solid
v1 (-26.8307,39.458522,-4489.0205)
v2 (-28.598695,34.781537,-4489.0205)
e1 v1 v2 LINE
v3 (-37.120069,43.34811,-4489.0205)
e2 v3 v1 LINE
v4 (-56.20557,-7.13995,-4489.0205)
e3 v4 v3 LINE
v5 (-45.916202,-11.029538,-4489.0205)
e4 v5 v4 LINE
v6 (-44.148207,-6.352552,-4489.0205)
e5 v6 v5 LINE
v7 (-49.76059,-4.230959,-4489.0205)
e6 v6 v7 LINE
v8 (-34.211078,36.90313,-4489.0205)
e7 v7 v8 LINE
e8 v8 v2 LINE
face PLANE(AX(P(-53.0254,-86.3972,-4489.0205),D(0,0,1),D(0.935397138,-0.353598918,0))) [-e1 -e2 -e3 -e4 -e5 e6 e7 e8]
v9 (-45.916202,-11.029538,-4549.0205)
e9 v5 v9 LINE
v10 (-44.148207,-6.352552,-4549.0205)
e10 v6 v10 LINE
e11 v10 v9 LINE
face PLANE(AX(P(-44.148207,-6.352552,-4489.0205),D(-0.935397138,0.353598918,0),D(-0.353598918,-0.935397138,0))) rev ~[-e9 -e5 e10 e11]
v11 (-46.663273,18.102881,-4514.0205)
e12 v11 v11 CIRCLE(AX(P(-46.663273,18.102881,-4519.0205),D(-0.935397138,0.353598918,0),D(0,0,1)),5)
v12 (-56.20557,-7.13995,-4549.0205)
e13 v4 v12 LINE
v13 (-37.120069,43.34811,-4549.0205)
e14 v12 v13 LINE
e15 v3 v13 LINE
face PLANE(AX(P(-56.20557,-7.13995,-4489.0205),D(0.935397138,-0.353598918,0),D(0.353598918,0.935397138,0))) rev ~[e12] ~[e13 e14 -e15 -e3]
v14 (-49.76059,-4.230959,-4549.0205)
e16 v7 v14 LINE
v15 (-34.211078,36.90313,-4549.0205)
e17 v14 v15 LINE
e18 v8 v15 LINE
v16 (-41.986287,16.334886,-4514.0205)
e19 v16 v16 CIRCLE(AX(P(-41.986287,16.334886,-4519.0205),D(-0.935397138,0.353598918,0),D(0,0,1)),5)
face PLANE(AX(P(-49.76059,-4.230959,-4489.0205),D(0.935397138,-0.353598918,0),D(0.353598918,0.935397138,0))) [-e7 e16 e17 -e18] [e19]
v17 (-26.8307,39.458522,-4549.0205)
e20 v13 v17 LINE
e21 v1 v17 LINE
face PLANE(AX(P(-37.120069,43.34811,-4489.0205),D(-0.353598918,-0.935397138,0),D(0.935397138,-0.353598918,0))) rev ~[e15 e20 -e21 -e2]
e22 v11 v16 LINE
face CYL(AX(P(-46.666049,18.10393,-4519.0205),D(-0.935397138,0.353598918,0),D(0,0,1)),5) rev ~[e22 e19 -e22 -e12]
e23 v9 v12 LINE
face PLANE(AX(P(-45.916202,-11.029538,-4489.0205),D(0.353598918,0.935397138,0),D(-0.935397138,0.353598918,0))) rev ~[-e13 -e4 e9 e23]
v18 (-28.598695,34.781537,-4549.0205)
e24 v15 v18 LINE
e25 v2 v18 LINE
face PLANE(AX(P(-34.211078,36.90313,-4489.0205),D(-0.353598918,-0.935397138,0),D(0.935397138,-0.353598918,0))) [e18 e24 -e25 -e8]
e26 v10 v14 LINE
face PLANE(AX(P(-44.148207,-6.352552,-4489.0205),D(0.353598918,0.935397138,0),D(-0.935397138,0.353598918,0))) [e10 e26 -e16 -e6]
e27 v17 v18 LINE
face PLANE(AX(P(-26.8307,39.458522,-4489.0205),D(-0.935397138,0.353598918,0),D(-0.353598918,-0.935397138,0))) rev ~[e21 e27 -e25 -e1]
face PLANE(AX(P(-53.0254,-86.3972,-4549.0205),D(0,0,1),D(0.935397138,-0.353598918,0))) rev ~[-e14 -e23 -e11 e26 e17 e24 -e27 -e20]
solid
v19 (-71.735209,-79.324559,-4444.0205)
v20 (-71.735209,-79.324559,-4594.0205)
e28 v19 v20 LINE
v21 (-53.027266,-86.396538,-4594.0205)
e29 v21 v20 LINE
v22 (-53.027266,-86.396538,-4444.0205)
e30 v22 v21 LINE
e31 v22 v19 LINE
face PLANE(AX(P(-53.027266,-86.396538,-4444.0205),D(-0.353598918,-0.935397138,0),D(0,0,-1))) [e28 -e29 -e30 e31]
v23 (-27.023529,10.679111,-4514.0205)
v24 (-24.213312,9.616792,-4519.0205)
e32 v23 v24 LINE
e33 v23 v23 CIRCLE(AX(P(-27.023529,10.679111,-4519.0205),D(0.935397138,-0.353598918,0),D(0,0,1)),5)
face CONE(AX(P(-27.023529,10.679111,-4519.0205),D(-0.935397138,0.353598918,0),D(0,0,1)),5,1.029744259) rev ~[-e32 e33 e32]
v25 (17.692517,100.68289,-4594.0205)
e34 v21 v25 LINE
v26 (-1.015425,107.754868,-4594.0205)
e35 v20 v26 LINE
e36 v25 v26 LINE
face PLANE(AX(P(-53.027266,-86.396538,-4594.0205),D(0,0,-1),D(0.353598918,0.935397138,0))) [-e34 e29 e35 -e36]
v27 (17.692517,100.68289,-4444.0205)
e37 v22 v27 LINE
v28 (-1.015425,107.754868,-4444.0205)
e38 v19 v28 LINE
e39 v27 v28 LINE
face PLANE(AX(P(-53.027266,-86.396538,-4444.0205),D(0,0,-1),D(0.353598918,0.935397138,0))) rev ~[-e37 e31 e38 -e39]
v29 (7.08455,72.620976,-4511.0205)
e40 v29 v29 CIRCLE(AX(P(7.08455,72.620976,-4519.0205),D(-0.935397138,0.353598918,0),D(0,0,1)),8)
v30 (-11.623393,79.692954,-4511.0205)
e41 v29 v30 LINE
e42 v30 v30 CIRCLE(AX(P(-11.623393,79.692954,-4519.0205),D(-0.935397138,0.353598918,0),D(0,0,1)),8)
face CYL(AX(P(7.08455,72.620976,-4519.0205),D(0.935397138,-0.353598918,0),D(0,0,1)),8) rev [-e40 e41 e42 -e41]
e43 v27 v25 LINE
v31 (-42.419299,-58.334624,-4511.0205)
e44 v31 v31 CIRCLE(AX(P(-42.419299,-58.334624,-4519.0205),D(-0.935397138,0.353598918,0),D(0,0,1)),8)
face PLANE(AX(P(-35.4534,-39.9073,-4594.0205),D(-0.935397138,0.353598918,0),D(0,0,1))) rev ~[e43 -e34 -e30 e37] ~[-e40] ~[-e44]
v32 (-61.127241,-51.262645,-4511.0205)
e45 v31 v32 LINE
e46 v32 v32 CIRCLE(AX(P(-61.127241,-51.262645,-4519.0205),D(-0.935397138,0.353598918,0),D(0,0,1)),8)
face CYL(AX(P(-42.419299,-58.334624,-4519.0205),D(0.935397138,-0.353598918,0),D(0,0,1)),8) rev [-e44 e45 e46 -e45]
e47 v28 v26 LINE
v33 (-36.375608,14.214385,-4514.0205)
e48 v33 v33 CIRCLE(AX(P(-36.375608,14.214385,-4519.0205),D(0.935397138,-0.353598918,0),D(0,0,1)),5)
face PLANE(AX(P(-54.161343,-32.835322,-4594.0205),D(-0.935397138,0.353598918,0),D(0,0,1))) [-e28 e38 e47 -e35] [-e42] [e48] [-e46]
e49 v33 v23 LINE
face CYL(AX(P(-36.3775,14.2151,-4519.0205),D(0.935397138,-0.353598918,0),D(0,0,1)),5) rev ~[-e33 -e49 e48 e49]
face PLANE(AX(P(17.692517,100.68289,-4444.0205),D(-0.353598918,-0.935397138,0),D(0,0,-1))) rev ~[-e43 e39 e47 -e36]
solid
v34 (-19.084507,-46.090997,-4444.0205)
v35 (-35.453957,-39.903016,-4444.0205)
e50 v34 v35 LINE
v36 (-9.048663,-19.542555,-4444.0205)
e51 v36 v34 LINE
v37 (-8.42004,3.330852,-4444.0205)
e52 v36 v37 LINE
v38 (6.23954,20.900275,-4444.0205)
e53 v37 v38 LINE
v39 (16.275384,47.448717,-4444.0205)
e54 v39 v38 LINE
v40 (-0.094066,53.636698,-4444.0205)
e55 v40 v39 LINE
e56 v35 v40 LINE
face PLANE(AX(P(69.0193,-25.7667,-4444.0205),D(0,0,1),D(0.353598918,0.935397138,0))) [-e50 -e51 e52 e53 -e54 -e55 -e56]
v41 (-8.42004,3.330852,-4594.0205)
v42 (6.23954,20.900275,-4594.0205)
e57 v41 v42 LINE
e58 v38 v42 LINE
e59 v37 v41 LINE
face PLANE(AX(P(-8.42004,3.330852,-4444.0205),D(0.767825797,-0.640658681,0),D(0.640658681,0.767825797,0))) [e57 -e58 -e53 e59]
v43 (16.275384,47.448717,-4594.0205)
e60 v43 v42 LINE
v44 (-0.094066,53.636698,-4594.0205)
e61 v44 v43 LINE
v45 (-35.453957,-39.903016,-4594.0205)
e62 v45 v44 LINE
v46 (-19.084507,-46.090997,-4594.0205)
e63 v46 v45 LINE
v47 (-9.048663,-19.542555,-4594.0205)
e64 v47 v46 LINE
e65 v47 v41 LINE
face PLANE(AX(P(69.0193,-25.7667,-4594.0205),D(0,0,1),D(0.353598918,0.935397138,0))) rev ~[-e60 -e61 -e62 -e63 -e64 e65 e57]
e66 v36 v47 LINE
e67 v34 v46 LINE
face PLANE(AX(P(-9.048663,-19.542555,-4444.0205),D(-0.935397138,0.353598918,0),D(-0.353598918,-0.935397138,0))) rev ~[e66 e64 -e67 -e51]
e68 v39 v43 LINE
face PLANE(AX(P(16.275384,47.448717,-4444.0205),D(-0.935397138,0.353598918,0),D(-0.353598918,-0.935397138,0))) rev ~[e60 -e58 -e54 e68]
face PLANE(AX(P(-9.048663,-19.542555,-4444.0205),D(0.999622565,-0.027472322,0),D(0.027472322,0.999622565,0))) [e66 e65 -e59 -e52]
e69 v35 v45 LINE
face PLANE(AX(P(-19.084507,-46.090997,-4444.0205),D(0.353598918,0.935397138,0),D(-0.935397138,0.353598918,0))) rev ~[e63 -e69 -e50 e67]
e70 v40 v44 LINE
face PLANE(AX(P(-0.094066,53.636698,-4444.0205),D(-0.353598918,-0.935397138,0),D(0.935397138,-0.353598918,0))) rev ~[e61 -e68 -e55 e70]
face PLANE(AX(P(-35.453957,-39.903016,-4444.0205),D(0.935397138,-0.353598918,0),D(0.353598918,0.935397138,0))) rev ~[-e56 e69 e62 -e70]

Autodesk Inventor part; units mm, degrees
ref_plane "Work Plane1" through (69.0193, -25.7667, -4444.0205) normal (0, 0, 1) x (0.3536, 0.9354, 0)
sketch "Sketch1" plane through (69.0193, -25.7667, -4444.0205) normal (0, 0, 1) x (0.3536, 0.9354, 0)
  line L0 (-21.7827, 75.2254) -> (-50.1647, 75.2254)
  line L1 (-50.1647, 75.2254) -> (-50.1647, 92.7254)
  line L2 (-50.1647, 92.7254) -> (49.8353, 92.7254)
  line L3 (49.8353, 92.7254) -> (49.8353, 75.2254)
  line L4 (49.8353, 75.2254) -> (21.4533, 75.2254)
  line L5 (-21.7827, 75.2254) -> (-0.1647, 82.7254)
  line L6 (-0.1647, 82.7254) -> (21.4533, 75.2254)
  point P0 (-0.3, 73.6715)
  dimension "d2" = 17.5
  dimension "d3" = 100
  dimension "d35" = 28.382
  dimension "d38" = 50
  dimension "d39" = 7.5
ref_plane "Work Plane2" through (69.0193, -25.7667, -4594.0205) normal (0, 0, -1) x (-0.3536, -0.9354, 0)
extrude "Extrusion1" add sketch "Sketch1" against normal up to surface (150 mm away)
ref_plane "Work Plane3" through (-35.4534, -39.9073, -4594.0205) normal (-0.9354, 0.3536, 0) x (0, 0, 1)
sketch "Sketch2" plane through (-35.4534, -39.9073, -4594.0205) normal (-0.9354, 0.3536, 0) x (0, 0, 1)
  line L0 (150, -49.7) -> (0, -49.7) projected
  line L1 (150, 150.3) -> (0, 150.3) projected
  line L2 (0, -49.7) -> (0, 150.3)
  line L3 (150, -49.7) -> (150, 150.3)
  circle A0 centre (75, -19.7) radius 8 projected
  circle A1 centre (75, 120.3) radius 8 projected
  point P0 (4594.0205, 49.8647)
extrude "Extrusion2" add sketch "Sketch2" along normal blind 20 separate body
ref_plane "Work Plane5" through (-53.0254, -86.3972, -4489.0205) normal (0, 0, 1) x (0.9354, -0.3536, 0)
ref_plane "Work Plane6" through (-53.0254, -86.3972, -4549.0205) normal (0, 0, -1) x (-0.9354, 0.3536, 0)
sketch "Sketch3" plane through (-53.0254, -86.3972, -4489.0205) normal (0, 0, 1) x (0.9354, -0.3536, 0)
  line L0 (-20, 200) -> (-20, 0) projected
  line L1 (17.5, 49.7) -> (17.5, 78.082) projected
  line L2 (17.5, 121.318) -> (17.5, 149.7) projected
  line L3 (-20, 0) -> (-20, 200) projected
  line L4 (-20, 73.0125) -> (-31, 73.0125)
  line L5 (-31, 73.0125) -> (-31, 126.9875)
  line L6 (-31, 126.9875) -> (-20, 126.9875)
  line L7 (-20, 78.0125) -> (-26, 78.0125)
  line L8 (-26, 78.0125) -> (-26, 121.9875)
  line L9 (-26, 121.9875) -> (-20, 121.9875)
  line L10 (-20, 73.0125) -> (-20, 78.0125)
  line L11 (-20, 121.9875) -> (-20, 126.9875)
  line L12 (-31, 100) -> (-26, 100) construction
  line L13 (0, 0) -> (-20, 0) projected
  point P0 (19.0539, 99.5647)
  point P1 (-20, 73.0125)
  point P2 (-20, 78.0125)
  point P3 (-20, 121.9875)
  point P4 (-20, 126.9875)
  dimension "d14" = 5
  dimension "d15" = 100
  dimension "d16" = 11
  dimension "d17" = 26.9875
extrude "Extrusion3" add sketch "Sketch3" against normal up to surface (60 mm away) separate body contours L0 L9 L8 L7 L4 L5 L6
sketch "Sketch4" plane through (-56.2088, -7.1401, -4549.0205) normal (-0.9354, 0.3536, 0) x (0, 0, 1)
  line L0 (60, 53.975) -> (60, 0) projected
  line L1 (60, 53.975) -> (0, 53.975) projected
  circle A0 centre (30, 26.9875) radius 5
  circle A1 centre (30, 96.9875) radius 8 projected
  point P0 (4549.0205, 26.5522)
  dimension "d20" = 30
  dimension "d22" = 10
  dimension "d45" = 70
extrude "Extrusion4" cut sketch "Sketch4" against normal up to next contours A0 bodies 3
sketch "Sketch5" plane through (-54.1616, -32.8361, -4594.0205) normal (-0.9354, 0.3536, 0) x (0, 0, 1)
  circle A0 centre (75, 50.3) radius 5 projected
  point P0 (4594.0205, 49.8647)
hole "Hole1" at (-36.3775, 14.2151, -4519.0205) direction (0.9354, -0.3536, 0) diameter 10 depth 10 tip angle 118 bodies 2
properties part number "Soporte Superior Tubos"
